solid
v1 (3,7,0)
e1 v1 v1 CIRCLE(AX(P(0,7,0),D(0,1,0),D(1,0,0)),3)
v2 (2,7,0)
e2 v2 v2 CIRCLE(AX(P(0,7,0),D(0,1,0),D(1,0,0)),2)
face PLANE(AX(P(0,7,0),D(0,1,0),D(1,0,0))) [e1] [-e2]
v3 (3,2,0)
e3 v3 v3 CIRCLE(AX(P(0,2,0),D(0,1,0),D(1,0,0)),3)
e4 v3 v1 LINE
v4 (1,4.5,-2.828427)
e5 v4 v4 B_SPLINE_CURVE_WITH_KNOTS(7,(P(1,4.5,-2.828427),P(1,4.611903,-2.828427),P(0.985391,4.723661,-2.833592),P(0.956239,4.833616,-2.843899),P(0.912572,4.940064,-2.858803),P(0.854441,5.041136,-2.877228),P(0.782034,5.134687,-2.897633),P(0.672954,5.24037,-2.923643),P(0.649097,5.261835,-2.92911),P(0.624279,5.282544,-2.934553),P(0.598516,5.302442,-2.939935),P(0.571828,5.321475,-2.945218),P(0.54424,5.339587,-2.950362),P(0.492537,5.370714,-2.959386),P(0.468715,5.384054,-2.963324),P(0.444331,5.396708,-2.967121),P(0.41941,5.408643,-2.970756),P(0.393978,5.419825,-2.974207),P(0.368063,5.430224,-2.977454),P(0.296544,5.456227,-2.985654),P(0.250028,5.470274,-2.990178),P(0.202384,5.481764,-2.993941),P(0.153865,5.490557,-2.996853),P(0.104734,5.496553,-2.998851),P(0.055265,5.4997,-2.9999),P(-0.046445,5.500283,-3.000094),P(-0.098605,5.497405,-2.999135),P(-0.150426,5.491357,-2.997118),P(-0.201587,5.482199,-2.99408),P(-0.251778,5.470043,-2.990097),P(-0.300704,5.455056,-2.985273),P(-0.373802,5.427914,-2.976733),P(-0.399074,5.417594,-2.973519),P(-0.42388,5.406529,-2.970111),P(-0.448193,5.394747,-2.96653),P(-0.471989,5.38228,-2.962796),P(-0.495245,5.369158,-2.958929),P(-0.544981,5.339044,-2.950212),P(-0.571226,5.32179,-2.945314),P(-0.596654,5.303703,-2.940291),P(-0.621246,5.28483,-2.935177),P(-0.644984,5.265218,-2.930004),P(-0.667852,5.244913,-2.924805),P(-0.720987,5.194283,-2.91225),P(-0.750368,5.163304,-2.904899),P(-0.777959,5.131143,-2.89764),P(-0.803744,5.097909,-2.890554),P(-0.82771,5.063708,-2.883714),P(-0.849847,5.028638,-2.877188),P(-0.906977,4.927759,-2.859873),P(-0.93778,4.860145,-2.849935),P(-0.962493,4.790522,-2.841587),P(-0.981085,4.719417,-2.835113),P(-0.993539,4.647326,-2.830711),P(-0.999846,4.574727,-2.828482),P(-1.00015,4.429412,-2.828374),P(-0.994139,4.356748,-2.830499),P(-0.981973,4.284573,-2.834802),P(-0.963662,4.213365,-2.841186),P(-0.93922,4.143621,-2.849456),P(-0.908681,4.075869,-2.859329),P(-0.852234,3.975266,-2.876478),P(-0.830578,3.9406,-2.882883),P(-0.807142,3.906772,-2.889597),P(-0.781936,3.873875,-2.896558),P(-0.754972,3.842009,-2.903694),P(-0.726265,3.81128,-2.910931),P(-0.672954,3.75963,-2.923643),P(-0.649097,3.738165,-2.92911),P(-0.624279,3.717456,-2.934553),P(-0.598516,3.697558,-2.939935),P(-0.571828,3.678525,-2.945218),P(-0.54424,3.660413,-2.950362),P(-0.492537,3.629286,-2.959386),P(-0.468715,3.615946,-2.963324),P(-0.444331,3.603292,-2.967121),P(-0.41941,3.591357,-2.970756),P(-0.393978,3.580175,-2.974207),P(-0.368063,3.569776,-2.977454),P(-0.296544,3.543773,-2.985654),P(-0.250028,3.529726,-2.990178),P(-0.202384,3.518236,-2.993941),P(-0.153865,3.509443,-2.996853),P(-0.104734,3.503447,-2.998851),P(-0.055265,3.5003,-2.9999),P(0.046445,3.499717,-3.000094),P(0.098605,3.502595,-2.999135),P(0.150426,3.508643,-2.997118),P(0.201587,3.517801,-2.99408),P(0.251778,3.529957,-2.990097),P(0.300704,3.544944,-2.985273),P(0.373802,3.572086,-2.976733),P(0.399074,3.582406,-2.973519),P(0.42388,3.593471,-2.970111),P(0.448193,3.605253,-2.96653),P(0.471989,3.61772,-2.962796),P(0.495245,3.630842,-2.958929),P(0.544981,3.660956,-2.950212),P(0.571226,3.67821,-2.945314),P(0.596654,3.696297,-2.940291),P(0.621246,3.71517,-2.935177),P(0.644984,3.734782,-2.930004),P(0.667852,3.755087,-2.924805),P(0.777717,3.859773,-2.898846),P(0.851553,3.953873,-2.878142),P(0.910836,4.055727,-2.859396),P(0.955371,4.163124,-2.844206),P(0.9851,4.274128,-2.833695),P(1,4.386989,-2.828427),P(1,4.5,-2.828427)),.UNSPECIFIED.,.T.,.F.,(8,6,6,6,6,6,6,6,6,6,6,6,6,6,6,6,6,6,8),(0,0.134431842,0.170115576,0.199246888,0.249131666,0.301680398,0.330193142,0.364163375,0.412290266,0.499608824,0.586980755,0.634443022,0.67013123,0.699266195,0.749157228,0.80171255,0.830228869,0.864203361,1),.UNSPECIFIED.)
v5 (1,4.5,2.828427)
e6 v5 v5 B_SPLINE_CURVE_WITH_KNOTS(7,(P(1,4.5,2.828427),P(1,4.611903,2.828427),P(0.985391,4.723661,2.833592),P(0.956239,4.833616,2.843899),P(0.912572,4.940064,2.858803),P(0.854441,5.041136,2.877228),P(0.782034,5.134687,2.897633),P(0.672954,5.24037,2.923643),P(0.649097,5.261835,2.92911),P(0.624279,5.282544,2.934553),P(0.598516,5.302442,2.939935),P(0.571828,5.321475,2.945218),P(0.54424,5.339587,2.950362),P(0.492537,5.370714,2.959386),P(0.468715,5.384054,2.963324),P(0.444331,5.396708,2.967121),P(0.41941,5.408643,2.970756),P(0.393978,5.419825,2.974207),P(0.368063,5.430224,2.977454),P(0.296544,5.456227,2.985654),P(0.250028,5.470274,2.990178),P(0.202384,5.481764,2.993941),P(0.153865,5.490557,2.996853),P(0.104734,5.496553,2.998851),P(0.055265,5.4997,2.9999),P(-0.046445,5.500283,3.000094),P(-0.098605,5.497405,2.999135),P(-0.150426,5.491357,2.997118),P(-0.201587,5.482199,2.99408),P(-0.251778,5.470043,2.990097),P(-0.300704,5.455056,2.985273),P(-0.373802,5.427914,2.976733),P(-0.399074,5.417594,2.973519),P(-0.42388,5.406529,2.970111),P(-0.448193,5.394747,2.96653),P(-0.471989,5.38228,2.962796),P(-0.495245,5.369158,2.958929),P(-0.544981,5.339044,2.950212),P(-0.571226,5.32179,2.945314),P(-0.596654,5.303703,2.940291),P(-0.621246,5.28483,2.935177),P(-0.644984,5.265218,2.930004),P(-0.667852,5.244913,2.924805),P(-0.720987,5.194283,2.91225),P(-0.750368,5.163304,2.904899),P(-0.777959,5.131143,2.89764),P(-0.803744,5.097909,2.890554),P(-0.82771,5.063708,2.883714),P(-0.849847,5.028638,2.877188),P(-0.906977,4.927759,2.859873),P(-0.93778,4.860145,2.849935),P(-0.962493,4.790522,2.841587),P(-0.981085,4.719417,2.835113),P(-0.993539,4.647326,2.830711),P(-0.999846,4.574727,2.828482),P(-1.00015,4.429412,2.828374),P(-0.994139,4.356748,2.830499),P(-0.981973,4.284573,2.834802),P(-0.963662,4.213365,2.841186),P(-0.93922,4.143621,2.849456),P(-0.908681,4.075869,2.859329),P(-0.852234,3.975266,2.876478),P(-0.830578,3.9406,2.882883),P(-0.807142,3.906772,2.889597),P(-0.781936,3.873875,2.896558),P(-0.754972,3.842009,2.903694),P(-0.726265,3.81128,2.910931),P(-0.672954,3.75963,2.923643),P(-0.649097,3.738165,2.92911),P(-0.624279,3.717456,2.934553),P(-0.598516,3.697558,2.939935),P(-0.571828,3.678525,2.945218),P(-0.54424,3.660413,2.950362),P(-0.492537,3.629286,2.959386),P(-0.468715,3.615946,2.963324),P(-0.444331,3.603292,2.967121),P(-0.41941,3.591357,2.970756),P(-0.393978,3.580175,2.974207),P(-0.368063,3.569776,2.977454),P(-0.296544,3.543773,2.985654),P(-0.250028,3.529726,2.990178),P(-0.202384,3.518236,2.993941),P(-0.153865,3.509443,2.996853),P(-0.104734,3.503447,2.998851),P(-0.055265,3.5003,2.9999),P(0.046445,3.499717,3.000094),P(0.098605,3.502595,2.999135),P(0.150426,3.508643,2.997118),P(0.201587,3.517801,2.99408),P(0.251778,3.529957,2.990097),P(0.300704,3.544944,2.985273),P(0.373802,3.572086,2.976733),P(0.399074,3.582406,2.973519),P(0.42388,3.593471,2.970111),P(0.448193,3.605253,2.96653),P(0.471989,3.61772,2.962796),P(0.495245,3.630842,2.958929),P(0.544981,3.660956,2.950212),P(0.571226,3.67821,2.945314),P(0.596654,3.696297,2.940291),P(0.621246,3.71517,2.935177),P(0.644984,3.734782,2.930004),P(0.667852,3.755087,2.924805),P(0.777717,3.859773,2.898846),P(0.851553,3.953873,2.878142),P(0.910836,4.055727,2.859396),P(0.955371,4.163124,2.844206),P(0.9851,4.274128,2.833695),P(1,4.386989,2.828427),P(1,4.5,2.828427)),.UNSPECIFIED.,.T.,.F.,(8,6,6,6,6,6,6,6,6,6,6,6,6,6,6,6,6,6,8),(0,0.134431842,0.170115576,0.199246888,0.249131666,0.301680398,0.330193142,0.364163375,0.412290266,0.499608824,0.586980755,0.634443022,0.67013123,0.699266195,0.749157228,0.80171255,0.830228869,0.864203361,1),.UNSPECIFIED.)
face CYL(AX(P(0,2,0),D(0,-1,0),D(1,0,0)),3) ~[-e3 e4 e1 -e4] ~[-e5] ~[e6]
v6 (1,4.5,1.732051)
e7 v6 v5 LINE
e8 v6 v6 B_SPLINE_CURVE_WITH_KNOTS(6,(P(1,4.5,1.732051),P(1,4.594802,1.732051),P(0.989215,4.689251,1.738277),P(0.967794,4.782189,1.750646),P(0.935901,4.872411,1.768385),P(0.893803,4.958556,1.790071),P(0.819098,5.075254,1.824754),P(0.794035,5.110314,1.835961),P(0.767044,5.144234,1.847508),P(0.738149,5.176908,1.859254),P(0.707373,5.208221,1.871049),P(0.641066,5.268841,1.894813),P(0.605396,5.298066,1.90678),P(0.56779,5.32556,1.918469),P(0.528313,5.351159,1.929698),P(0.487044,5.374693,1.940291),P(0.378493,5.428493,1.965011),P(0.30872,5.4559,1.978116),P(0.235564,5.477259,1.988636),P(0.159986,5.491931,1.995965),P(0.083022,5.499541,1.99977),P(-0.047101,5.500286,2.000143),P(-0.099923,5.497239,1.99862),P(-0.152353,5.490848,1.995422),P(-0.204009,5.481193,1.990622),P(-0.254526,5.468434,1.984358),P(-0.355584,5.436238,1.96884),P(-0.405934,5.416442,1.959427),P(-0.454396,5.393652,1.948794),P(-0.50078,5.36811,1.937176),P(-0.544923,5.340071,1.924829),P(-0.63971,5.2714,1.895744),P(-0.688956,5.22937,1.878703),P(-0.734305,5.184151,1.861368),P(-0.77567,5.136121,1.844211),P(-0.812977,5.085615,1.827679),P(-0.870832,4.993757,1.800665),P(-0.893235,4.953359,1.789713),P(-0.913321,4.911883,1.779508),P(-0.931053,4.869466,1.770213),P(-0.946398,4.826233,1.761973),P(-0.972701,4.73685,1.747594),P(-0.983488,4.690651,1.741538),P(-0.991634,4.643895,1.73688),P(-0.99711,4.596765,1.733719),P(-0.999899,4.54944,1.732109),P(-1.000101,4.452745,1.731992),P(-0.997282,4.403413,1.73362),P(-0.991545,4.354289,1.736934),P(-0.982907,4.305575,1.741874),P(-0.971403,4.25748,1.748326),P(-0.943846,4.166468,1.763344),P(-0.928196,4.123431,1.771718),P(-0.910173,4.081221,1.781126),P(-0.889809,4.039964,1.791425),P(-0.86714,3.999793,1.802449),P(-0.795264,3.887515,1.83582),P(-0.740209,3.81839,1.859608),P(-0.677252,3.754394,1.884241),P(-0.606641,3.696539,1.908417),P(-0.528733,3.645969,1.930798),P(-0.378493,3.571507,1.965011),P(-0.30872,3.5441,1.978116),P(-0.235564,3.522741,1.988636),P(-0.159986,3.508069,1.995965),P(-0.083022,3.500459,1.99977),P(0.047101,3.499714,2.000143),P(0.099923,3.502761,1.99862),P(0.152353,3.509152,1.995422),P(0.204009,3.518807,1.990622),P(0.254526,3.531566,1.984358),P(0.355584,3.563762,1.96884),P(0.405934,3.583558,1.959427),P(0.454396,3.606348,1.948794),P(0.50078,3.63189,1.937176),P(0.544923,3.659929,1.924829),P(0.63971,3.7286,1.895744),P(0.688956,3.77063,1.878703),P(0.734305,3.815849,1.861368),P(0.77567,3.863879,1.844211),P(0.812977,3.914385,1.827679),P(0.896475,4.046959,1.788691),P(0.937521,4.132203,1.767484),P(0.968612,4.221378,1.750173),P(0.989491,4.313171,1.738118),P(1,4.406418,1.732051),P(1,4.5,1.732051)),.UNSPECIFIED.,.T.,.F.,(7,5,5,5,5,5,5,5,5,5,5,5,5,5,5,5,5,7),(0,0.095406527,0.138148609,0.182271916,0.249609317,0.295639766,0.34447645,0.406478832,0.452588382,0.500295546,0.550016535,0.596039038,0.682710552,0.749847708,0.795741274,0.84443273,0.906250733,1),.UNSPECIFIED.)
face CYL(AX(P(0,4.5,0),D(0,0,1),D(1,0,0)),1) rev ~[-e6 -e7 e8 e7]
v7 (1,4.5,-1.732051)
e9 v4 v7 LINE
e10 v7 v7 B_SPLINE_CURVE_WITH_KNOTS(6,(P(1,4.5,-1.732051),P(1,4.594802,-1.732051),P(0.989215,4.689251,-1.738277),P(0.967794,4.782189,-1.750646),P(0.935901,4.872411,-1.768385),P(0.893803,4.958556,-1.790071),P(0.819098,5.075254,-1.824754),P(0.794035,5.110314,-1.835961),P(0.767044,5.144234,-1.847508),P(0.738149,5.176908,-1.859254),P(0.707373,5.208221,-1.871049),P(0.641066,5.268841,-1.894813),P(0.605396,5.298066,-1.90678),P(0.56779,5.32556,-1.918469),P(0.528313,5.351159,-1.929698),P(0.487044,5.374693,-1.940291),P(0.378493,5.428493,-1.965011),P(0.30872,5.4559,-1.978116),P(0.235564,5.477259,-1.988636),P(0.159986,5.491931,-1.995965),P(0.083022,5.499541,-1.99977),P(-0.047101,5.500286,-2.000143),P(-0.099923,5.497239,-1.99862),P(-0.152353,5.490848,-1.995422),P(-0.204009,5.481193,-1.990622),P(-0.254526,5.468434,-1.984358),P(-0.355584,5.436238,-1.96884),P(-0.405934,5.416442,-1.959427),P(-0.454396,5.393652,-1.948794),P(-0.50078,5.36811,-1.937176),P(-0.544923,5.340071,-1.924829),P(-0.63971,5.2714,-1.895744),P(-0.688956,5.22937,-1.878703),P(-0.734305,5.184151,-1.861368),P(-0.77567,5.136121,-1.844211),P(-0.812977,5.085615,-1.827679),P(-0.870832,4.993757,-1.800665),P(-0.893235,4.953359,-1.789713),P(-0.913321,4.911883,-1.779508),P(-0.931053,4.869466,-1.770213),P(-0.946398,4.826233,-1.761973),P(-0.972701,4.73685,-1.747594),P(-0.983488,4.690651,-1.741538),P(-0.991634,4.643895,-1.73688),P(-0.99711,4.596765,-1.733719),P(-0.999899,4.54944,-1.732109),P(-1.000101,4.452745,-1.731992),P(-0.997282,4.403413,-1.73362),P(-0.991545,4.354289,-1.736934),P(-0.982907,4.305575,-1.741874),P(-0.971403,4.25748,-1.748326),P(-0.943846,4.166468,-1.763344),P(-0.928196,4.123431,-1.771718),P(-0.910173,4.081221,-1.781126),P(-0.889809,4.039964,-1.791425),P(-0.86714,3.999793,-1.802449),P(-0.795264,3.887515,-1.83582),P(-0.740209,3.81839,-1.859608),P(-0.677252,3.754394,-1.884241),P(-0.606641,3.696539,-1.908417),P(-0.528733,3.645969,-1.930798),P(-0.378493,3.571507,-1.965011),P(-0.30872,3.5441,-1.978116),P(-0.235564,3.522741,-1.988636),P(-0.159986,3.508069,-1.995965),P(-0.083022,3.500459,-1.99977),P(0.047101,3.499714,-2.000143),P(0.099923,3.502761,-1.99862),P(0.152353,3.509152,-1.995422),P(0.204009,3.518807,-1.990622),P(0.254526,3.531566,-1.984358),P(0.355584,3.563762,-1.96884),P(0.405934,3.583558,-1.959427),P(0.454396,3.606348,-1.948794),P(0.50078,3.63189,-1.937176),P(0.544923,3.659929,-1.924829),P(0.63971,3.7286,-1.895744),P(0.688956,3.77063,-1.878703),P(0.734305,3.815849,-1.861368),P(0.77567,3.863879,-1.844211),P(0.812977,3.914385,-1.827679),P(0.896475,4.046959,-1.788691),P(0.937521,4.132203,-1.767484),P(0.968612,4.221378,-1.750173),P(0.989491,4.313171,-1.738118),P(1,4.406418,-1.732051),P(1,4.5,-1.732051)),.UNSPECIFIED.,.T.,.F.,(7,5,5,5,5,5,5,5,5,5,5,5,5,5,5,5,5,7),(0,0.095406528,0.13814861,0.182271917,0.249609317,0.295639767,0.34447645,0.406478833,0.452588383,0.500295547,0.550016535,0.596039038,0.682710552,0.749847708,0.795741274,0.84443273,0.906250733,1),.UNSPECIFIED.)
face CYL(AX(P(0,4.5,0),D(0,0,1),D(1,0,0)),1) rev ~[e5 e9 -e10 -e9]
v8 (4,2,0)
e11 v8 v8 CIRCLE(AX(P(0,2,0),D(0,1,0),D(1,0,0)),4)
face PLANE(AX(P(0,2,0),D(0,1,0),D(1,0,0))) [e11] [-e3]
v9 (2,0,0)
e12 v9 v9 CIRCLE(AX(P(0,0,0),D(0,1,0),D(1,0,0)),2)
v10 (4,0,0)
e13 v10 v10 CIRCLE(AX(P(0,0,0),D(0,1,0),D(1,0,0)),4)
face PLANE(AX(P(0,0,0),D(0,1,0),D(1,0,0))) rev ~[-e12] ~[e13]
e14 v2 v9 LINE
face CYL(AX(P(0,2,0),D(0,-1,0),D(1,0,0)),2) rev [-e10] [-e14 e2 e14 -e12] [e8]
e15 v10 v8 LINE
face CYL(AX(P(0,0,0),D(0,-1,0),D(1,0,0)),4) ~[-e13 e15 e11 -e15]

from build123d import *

# Parameters (mm, degrees)
SKETCH1_R           = 4
SKETCH1_R_2         = 2
BOSS_EXTRUDE1_DEPTH = 2
SKETCH2_R           = 3
SKETCH2_R_2         = 2
BOSS_EXTRUDE2_DEPTH = 5
SKETCH3_R           = 1
CUT_EXTRUDE1_DEPTH  = 12.5


with BuildPart() as part:
    # Sketch1 → Boss-Extrude1 (new body)
    with BuildSketch(Plane(origin=(0, 0, 0), x_dir=(1, 0, 0), z_dir=(0, 1, 0))):
        Circle(SKETCH1_R)
        Circle(SKETCH1_R_2, mode=Mode.SUBTRACT)
    extrude(amount=BOSS_EXTRUDE1_DEPTH)

    # Sketch2 → Boss-Extrude2 (add)
    with BuildSketch(Plane(origin=(0, 2, 0), x_dir=(1, 0, 0), z_dir=(0, 1, 0))):
        Circle(SKETCH2_R)
        Circle(SKETCH2_R_2, mode=Mode.SUBTRACT)
    extrude(amount=BOSS_EXTRUDE2_DEPTH)

    # Sketch3 → Cut-Extrude1 (cut, symmetric)
    with BuildSketch(Plane.XY):
        with Locations((0, 4.5)):
            Circle(SKETCH3_R)
    extrude(amount=CUT_EXTRUDE1_DEPTH, both=True, mode=Mode.SUBTRACT)


solid = part.part
